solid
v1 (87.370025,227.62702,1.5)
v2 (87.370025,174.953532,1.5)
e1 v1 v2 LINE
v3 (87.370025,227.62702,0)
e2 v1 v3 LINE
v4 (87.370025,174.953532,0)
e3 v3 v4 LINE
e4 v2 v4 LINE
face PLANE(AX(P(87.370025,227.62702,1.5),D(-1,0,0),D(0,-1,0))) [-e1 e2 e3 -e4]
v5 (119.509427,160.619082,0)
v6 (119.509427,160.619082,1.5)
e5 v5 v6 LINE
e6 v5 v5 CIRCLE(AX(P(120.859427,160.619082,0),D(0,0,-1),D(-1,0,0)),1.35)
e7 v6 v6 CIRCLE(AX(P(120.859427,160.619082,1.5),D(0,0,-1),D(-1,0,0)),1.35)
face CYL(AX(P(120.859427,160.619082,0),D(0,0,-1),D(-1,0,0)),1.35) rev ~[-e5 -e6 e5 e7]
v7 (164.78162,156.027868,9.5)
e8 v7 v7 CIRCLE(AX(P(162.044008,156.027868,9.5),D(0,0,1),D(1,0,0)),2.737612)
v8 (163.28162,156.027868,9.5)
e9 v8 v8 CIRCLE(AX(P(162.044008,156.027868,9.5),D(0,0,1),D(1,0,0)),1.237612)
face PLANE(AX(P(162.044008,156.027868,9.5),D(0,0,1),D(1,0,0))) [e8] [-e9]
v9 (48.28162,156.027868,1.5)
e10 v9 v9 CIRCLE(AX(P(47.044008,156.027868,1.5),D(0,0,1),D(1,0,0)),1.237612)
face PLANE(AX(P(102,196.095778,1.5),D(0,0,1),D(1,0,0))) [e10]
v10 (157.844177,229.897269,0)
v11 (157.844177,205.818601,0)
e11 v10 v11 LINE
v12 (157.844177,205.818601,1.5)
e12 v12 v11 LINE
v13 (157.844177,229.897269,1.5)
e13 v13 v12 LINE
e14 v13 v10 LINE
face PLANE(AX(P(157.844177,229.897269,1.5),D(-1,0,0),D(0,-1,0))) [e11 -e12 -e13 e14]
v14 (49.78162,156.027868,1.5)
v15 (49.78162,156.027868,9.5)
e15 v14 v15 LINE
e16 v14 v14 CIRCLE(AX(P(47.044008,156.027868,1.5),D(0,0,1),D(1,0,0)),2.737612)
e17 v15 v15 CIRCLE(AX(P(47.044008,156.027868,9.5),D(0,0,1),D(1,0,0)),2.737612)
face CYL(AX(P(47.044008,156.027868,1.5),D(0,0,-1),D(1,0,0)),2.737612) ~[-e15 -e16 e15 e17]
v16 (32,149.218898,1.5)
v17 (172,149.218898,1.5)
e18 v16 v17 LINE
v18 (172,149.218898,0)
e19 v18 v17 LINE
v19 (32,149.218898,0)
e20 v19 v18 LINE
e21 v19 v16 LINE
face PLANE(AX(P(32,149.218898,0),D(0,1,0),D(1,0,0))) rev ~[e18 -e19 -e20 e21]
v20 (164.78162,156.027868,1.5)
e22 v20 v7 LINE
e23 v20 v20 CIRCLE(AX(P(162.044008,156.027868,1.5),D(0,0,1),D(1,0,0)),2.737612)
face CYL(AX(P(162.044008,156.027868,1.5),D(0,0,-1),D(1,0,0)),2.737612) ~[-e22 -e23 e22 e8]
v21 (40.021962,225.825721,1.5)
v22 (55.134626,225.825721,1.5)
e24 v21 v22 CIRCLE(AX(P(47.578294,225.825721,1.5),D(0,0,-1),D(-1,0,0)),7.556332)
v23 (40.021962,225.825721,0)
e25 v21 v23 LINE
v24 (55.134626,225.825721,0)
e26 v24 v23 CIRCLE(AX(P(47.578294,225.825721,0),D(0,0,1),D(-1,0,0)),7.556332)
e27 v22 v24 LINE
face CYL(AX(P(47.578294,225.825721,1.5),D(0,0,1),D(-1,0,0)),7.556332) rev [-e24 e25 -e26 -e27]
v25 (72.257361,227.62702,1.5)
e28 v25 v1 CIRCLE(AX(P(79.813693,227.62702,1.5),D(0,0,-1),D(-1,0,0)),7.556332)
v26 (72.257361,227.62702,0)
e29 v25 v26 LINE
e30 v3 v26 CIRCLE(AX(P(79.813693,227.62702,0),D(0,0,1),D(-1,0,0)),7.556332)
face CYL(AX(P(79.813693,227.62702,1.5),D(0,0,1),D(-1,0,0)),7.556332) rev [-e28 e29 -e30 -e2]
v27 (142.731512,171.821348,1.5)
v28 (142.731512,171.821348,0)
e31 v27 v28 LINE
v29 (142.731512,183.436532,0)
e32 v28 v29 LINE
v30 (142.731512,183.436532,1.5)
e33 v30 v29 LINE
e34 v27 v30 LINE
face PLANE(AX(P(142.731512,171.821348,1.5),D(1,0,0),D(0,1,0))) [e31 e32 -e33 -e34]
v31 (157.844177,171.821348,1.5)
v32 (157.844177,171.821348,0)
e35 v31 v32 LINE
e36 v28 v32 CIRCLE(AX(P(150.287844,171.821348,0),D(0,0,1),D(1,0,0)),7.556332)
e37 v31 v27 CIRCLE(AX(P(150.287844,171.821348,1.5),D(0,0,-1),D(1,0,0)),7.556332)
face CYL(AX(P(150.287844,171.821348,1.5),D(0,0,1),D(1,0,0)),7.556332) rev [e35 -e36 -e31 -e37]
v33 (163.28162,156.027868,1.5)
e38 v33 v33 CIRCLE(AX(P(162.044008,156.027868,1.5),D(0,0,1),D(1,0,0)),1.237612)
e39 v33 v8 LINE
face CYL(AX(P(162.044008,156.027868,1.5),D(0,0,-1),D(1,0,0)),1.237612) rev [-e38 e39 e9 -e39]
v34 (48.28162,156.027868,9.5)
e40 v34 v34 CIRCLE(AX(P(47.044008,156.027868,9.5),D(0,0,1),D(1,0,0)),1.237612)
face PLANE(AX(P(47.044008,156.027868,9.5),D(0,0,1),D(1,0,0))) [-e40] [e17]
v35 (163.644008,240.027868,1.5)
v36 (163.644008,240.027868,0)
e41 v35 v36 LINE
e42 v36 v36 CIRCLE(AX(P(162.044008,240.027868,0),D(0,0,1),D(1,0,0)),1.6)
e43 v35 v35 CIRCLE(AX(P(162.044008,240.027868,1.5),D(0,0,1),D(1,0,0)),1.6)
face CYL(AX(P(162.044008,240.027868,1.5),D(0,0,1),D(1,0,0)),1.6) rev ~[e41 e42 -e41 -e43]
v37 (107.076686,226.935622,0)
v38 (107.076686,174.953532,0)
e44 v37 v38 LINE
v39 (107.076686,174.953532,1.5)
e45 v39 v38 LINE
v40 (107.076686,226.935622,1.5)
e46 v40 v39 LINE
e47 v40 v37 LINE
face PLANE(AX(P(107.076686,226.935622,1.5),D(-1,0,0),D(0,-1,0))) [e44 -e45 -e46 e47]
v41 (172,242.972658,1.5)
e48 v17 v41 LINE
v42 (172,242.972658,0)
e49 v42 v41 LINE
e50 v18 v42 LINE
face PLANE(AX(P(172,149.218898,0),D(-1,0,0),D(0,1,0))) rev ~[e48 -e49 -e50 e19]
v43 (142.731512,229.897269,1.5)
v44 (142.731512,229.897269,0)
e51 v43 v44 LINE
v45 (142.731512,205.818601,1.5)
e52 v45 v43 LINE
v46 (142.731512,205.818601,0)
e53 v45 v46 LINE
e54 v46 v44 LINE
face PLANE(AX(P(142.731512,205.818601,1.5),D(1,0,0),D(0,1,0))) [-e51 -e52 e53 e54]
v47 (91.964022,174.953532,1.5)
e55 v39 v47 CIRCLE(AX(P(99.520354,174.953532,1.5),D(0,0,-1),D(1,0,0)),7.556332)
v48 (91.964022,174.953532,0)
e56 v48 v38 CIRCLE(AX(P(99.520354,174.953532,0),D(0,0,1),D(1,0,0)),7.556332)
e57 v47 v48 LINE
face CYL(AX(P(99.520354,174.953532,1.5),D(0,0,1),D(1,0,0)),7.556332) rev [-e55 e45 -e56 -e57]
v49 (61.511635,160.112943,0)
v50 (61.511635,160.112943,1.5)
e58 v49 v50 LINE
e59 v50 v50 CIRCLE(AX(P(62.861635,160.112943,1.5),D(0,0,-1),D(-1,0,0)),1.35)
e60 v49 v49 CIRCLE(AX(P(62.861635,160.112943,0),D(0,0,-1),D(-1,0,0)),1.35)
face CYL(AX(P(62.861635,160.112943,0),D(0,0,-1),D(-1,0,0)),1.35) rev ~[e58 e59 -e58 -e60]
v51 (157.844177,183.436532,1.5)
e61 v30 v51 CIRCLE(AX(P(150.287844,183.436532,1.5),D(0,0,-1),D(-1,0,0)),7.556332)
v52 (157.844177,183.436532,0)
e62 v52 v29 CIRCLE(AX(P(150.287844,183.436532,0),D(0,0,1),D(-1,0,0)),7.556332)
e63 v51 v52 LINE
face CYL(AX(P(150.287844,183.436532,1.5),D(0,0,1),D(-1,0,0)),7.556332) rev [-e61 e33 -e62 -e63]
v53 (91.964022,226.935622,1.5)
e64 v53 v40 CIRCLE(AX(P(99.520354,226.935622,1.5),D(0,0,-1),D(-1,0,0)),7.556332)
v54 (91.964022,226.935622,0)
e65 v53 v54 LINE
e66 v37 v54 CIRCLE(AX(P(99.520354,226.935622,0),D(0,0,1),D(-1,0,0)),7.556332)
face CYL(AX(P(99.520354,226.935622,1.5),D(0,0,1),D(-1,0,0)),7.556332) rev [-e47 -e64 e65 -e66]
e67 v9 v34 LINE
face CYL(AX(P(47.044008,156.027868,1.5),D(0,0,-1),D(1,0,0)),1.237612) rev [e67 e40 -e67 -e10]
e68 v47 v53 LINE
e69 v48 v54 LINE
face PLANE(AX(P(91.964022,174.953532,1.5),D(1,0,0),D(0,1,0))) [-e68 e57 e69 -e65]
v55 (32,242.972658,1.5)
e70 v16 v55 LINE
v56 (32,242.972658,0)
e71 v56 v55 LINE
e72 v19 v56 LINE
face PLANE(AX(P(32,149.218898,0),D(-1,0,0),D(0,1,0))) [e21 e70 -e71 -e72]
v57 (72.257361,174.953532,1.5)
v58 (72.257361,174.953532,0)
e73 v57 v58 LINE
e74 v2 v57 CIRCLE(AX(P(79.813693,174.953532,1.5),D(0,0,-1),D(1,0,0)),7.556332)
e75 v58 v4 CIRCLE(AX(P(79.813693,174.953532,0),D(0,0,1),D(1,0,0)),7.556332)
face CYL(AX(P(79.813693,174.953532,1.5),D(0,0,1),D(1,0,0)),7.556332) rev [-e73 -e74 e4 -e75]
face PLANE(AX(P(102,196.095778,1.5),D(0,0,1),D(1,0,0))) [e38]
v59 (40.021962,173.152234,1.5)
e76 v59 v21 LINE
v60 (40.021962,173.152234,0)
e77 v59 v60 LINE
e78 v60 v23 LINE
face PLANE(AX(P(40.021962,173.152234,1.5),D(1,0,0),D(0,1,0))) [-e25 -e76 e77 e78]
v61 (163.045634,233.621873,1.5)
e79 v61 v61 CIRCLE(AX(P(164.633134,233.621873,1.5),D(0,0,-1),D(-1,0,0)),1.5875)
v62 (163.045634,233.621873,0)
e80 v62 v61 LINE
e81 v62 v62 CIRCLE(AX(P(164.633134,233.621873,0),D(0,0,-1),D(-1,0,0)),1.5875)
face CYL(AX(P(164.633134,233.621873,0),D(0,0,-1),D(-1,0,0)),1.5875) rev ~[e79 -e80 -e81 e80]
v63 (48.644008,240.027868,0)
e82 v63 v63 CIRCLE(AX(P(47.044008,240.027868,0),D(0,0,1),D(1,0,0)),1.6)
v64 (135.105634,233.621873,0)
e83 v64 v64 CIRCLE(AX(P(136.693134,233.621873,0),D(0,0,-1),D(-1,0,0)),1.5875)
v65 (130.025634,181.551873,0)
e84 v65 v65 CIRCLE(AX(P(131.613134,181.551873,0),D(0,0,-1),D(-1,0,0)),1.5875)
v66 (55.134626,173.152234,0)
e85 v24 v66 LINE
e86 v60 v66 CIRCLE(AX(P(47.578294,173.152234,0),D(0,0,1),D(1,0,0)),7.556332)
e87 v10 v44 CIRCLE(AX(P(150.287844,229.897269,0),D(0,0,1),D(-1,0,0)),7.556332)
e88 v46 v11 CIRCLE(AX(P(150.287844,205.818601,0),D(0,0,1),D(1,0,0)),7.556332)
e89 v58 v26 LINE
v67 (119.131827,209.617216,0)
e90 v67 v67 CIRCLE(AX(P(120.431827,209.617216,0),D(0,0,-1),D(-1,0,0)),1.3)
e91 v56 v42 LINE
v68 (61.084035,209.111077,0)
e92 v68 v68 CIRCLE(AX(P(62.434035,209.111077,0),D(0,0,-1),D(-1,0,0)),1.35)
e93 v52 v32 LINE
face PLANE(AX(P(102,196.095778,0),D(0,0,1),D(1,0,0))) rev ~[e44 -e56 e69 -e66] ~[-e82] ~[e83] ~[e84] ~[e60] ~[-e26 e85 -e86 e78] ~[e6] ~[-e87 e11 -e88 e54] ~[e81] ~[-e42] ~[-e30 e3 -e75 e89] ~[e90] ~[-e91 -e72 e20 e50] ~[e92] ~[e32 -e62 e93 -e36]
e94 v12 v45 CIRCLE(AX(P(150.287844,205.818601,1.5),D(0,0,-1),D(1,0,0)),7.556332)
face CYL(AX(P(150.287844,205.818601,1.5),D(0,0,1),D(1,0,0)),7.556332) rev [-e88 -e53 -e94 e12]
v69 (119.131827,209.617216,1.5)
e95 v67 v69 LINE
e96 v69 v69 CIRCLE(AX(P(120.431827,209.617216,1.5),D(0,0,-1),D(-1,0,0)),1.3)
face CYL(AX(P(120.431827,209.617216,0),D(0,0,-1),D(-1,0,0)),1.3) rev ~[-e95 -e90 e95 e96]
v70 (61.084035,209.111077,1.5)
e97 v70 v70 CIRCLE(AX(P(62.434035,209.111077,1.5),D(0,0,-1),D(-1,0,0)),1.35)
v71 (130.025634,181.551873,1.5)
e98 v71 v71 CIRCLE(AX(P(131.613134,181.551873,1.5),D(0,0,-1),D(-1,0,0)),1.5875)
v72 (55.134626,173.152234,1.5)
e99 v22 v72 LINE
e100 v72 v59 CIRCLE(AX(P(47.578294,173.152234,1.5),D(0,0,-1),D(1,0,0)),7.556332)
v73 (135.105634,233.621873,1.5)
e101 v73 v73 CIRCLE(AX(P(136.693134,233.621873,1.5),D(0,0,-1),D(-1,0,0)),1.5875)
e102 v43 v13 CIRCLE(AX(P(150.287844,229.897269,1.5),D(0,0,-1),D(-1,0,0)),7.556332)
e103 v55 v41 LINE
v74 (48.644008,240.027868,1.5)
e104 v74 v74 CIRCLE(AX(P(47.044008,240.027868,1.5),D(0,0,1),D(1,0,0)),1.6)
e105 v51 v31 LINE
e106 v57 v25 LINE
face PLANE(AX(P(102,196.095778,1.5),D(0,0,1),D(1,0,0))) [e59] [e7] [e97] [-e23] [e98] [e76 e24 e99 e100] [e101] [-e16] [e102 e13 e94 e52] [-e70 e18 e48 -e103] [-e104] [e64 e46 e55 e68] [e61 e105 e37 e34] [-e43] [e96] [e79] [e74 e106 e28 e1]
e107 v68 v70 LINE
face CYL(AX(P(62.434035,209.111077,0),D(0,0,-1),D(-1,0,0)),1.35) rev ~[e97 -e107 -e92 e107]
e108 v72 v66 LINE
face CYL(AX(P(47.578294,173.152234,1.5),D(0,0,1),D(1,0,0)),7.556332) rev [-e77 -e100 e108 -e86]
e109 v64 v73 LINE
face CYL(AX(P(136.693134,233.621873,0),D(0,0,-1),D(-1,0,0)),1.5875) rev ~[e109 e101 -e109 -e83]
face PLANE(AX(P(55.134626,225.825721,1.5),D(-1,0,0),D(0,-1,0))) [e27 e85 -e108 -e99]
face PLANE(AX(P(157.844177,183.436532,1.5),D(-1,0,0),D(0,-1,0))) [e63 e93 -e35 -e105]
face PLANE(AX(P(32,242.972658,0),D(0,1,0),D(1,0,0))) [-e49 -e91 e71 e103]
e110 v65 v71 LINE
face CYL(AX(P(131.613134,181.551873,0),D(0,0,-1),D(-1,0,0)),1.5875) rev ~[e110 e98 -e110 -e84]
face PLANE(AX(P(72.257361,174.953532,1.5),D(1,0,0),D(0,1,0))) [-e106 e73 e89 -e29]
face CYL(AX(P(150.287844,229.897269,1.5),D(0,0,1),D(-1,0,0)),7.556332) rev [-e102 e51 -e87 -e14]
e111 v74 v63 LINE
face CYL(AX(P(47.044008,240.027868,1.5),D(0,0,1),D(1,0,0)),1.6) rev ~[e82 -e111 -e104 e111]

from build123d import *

# Parameters (mm, degrees)
SKETCH1_W           = 140
SKETCH1_H           = 93.753760253
BOSS_EXTRUDE1_DEPTH = 1.5
SKETCH2_R           = 1.6
CUT_EXTRUDE1_DEPTH  = 1.5
SKETCH3_R           = 2.737611944
SKETCH3_R_2         = 1.237611944
BOSS_EXTRUDE2_DEPTH = 8
SKETCH4_R           = 1.3
SKETCH4_R_2         = 1.35
SKETCH4_R_3         = 1.5875
CUT_EXTRUDE2_DEPTH  = 8
CUT_EXTRUDE3_DEPTH  = 10


with BuildPart() as part:
    # Sketch1 → Boss-Extrude1 (new body)
    with BuildSketch(Plane.XY):
        with Locations((102, 196.095777869)):
            Rectangle(SKETCH1_W, SKETCH1_H)
    extrude(amount=BOSS_EXTRUDE1_DEPTH)

    # Sketch2 → Cut-Extrude1 (cut)
    with BuildSketch(Plane.XY.offset(1.5)):
        with Locations((47.04400772, 240.027868216)):
            Circle(SKETCH2_R)
        with Locations((162.04400772, 240.027868216)):
            Circle(SKETCH2_R)
    extrude(amount=-CUT_EXTRUDE1_DEPTH, mode=Mode.SUBTRACT)

    # Sketch3 → Boss-Extrude2 (add)
    # profile 1 of 2: a face of its own
    with BuildSketch(Plane.XY.offset(1.5)):
        with Locations((47.04400772, 156.027868216)):
            Circle(SKETCH3_R)
        with Locations((47.04400772, 156.027868216)):
            Circle(SKETCH3_R_2, mode=Mode.SUBTRACT)
    # profile 2 of 2: a face of its own
    with BuildSketch(Plane.XY.offset(1.5)):
        with Locations((162.04400772, 156.027868216)):
            Circle(SKETCH3_R)
        with Locations((162.04400772, 156.027868216)):
            Circle(SKETCH3_R_2, mode=Mode.SUBTRACT)
    extrude(amount=BOSS_EXTRUDE2_DEPTH)

    # Sketch4 → Cut-Extrude2 (cut)
    with BuildSketch(Plane(origin=(0, 0, 0), x_dir=(-1, 0, 0), z_dir=(0, 0, -1))):
        with Locations((-120.431826709, 209.617216317)):
            Circle(SKETCH4_R)
        with Locations((-62.434035172, 209.111077258)):
            Circle(SKETCH4_R_2)
        with Locations((-62.861635411, 160.112943028)):
            Circle(SKETCH4_R_2)
        with Locations((-120.859426949, 160.619082087)):
            Circle(SKETCH4_R_2)
        with Locations((-131.613133958, 181.551872542)):
            Circle(SKETCH4_R_3)
        with Locations((-136.693133958, 233.621872542)):
            Circle(SKETCH4_R_3)
        with Locations((-164.633133958, 233.621872542)):
            Circle(SKETCH4_R_3)
    extrude(amount=-CUT_EXTRUDE2_DEPTH, mode=Mode.SUBTRACT)

    # Sketch5 → Cut-Extrude3 (cut)
    with BuildSketch(Plane.XY.offset(1.5)):
        with BuildLine():
            Line((87.370025241, 227.627019548), (87.370025241, 174.953532483))
            ThreePointArc((87.370025241, 174.953532483), (79.813693114, 167.397200355), (72.257360986, 174.953532483))
            Line((72.257360986, 174.953532483), (72.257360986, 227.627019548))
            ThreePointArc((72.257360986, 227.627019548), (79.813693114, 235.183351676), (87.370025241, 227.627019548))
        make_face()
        with BuildLine():
            Line((107.076686064, 226.935622361), (107.076686064, 174.953532483))
            ThreePointArc((107.076686064, 174.953532483), (99.520353936, 167.397200355), (91.964021808, 174.953532483))
            Line((91.964021808, 174.953532483), (91.964021808, 226.935622361))
            ThreePointArc((91.964021808, 226.935622361), (99.520353936, 234.491954489), (107.076686064, 226.935622361))
        make_face()
        with BuildLine():
            Line((142.731512272, 205.818600592), (142.731512272, 229.897268949))
            ThreePointArc((142.731512272, 229.897268949), (150.2878444, 237.453601077), (157.844176528, 229.897268949))
            Line((157.844176528, 229.897268949), (157.844176528, 205.818600592))
            ThreePointArc((157.844176528, 205.818600592), (150.2878444, 198.262268464), (142.731512272, 205.818600592))
        make_face()
        with BuildLine():
            Line((157.844176528, 183.436532175), (157.844176528, 171.821347981))
            ThreePointArc((157.844176528, 171.821347981), (150.2878444, 164.265015853), (142.731512272, 171.821347981))
            Line((142.731512272, 171.821347981), (142.731512272, 183.436532175))
            ThreePointArc((142.731512272, 183.436532175), (150.2878444, 190.992864302), (157.844176528, 183.436532175))
        make_face()
        with BuildLine():
            Line((55.134626412, 225.825721278), (55.134626412, 173.152234213))
            ThreePointArc((55.134626412, 173.152234213), (47.578294284, 165.595902085), (40.021962156, 173.152234213))
            Line((40.021962156, 173.152234213), (40.021962156, 225.825721278))
            ThreePointArc((40.021962156, 225.825721278), (47.578294284, 233.382053406), (55.134626412, 225.825721278))
        make_face()
    extrude(amount=-CUT_EXTRUDE3_DEPTH, mode=Mode.SUBTRACT)


solid = part.part
